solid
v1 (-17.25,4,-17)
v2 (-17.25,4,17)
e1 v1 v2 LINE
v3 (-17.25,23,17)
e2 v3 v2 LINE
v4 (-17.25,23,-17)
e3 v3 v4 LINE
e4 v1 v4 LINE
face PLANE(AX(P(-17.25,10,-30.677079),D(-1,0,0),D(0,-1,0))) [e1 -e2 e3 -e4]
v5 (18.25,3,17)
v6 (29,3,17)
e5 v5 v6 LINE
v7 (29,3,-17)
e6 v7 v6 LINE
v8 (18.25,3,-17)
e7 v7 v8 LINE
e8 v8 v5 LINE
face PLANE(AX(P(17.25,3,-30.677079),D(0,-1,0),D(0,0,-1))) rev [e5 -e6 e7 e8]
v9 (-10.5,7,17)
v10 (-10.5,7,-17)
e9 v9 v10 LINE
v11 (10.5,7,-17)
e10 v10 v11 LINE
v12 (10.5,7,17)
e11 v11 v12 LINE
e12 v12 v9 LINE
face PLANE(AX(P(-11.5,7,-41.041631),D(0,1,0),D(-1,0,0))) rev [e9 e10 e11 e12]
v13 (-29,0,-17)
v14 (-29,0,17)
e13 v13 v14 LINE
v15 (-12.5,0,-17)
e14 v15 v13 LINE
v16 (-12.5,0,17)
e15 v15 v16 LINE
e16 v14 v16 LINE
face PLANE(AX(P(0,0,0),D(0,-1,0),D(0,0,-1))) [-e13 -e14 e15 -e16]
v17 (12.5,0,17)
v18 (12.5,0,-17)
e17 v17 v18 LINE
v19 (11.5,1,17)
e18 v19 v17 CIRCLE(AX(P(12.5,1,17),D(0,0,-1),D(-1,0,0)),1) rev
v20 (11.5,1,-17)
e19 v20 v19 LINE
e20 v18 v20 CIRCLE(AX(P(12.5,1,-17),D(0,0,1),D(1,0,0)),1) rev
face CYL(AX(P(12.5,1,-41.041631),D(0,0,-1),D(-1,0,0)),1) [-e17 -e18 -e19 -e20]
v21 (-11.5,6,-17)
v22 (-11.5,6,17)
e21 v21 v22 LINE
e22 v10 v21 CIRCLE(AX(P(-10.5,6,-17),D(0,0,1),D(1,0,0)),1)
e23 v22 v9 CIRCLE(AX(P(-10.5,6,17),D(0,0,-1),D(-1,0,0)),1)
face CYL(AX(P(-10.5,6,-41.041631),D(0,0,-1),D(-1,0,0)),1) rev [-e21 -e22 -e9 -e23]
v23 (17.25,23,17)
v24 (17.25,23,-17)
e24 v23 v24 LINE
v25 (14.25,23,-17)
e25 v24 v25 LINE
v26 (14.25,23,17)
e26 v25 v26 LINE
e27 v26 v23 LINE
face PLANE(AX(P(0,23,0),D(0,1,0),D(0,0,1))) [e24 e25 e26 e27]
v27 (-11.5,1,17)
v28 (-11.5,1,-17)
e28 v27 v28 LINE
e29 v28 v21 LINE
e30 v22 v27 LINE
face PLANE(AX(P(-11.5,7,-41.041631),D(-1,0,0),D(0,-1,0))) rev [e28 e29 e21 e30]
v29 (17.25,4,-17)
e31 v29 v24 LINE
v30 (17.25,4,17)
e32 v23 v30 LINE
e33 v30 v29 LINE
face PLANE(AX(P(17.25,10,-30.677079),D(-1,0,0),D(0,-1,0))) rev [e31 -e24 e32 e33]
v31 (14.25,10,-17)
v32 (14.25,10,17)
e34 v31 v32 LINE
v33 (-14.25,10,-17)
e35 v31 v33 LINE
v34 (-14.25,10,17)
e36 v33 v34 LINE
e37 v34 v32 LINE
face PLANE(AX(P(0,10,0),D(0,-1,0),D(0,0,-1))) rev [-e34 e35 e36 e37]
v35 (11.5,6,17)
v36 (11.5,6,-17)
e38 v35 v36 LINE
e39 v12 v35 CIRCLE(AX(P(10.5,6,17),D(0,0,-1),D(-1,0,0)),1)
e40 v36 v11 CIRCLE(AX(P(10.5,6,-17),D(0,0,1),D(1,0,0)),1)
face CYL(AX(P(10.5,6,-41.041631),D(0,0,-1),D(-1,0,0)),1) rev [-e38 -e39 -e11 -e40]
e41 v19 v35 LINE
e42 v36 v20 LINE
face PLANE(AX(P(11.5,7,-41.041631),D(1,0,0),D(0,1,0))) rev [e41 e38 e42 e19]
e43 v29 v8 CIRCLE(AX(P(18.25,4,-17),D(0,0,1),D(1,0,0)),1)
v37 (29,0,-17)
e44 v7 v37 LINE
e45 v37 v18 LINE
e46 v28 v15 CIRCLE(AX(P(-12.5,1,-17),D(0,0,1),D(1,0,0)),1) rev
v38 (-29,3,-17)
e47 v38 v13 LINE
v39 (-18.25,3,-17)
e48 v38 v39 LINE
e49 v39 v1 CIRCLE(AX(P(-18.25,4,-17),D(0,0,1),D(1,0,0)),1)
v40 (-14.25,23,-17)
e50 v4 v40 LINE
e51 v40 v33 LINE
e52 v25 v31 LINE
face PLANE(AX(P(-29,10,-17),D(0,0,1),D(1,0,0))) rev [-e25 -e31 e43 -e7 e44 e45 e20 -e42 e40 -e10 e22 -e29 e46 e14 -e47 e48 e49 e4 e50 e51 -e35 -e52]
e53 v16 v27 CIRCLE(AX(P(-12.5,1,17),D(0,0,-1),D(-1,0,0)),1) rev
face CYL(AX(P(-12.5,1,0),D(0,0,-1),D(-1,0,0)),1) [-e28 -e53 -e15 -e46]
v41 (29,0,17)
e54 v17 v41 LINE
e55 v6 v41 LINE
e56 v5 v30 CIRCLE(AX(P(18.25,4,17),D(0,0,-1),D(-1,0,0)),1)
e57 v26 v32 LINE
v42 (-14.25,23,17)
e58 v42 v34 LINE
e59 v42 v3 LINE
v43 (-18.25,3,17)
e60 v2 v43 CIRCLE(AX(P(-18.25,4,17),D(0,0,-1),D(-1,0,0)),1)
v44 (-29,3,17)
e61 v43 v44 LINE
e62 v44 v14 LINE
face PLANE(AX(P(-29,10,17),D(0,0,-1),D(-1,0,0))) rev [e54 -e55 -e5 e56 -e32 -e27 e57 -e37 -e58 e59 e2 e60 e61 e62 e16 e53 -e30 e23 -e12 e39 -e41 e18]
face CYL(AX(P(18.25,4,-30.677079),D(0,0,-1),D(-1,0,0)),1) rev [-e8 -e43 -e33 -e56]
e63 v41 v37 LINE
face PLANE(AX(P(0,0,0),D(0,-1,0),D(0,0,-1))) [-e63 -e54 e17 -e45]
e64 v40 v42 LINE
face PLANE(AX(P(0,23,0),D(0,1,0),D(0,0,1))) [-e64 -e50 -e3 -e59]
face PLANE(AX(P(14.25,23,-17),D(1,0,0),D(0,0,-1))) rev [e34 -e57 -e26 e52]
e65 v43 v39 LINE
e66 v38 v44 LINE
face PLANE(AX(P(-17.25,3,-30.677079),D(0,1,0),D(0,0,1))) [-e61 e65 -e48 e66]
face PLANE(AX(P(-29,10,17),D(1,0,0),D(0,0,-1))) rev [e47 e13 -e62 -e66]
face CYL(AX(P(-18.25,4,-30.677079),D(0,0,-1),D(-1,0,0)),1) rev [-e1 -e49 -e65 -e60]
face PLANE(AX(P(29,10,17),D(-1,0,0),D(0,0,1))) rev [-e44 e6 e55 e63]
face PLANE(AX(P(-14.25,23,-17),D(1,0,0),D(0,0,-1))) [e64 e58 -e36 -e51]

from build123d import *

# Parameters (mm, degrees)
SKETCH1_W           = 58
SKETCH1_H           = 34
BOSS_EXTRUDE1_DEPTH = 10
SKETCH3_W           = 23
SKETCH3_H           = 7
CUT_EXTRUDE1_DEPTH  = 34
SKETCH4_W           = 11.75
SKETCH4_H           = 7
CUT_EXTRUDE2_DEPTH  = 34
SKETCH6_W           = 3
SKETCH6_H           = 34
BOSS_EXTRUDE2_DEPTH = 13
FILLET1_R           = 1


with BuildPart() as part:
    # Sketch1 → Boss-Extrude1 (new body)
    with BuildSketch(Plane(origin=(0, 0, 0), x_dir=(1, 0, 0), z_dir=(0, 1, 0))):
        Rectangle(SKETCH1_W, SKETCH1_H)
    extrude(amount=BOSS_EXTRUDE1_DEPTH)

    # Sketch3 → Cut-Extrude1 (cut)
    with BuildSketch(Plane.XY.offset(17)):
        with Locations((0, 3.5)):
            Rectangle(SKETCH3_W, SKETCH3_H)
    extrude(amount=-CUT_EXTRUDE1_DEPTH, mode=Mode.SUBTRACT)

    # Sketch4 → Cut-Extrude2 (cut)
    with BuildSketch(Plane.XY.offset(17)):
        with Locations((23.125, 6.5)):
            Rectangle(SKETCH4_W, SKETCH4_H)
    cut_extrude2 = extrude(amount=-CUT_EXTRUDE2_DEPTH, mode=Mode.SUBTRACT)

    # Mirror1: Cut-Extrude2 across plane
    add(cut_extrude2.mirror(Plane(origin=(0, 0, 0), x_dir=(0, 0, 1), z_dir=(1, 0, 0))), mode=Mode.SUBTRACT)

    # Sketch6 → Boss-Extrude2 (add)
    with BuildSketch(Plane(origin=(0, 10, 0), x_dir=(1, 0, 0), z_dir=(0, 1, 0))):
        with Locations((15.75, 0)):
            Rectangle(SKETCH6_W, SKETCH6_H)
    boss_extrude2 = extrude(amount=BOSS_EXTRUDE2_DEPTH)

    # Mirror2: Boss-Extrude2 across plane
    add(boss_extrude2.mirror(Plane(origin=(0, 0, 0), x_dir=(0, 0, 1), z_dir=(1, 0, 0))))

    # Fillet1
    fillet1_edges = [part.edges().sort_by_distance(p)[0] for p in [
        (-11.5, 0, 0),
        (-11.5, 7, 0),
        (11.5, 7, 0),
        (11.5, 0, 0),
        (17.25, 3, 0),
        (-17.25, 3, 0),
    ]]
    fillet(fillet1_edges, radius=FILLET1_R)


solid = part.part
